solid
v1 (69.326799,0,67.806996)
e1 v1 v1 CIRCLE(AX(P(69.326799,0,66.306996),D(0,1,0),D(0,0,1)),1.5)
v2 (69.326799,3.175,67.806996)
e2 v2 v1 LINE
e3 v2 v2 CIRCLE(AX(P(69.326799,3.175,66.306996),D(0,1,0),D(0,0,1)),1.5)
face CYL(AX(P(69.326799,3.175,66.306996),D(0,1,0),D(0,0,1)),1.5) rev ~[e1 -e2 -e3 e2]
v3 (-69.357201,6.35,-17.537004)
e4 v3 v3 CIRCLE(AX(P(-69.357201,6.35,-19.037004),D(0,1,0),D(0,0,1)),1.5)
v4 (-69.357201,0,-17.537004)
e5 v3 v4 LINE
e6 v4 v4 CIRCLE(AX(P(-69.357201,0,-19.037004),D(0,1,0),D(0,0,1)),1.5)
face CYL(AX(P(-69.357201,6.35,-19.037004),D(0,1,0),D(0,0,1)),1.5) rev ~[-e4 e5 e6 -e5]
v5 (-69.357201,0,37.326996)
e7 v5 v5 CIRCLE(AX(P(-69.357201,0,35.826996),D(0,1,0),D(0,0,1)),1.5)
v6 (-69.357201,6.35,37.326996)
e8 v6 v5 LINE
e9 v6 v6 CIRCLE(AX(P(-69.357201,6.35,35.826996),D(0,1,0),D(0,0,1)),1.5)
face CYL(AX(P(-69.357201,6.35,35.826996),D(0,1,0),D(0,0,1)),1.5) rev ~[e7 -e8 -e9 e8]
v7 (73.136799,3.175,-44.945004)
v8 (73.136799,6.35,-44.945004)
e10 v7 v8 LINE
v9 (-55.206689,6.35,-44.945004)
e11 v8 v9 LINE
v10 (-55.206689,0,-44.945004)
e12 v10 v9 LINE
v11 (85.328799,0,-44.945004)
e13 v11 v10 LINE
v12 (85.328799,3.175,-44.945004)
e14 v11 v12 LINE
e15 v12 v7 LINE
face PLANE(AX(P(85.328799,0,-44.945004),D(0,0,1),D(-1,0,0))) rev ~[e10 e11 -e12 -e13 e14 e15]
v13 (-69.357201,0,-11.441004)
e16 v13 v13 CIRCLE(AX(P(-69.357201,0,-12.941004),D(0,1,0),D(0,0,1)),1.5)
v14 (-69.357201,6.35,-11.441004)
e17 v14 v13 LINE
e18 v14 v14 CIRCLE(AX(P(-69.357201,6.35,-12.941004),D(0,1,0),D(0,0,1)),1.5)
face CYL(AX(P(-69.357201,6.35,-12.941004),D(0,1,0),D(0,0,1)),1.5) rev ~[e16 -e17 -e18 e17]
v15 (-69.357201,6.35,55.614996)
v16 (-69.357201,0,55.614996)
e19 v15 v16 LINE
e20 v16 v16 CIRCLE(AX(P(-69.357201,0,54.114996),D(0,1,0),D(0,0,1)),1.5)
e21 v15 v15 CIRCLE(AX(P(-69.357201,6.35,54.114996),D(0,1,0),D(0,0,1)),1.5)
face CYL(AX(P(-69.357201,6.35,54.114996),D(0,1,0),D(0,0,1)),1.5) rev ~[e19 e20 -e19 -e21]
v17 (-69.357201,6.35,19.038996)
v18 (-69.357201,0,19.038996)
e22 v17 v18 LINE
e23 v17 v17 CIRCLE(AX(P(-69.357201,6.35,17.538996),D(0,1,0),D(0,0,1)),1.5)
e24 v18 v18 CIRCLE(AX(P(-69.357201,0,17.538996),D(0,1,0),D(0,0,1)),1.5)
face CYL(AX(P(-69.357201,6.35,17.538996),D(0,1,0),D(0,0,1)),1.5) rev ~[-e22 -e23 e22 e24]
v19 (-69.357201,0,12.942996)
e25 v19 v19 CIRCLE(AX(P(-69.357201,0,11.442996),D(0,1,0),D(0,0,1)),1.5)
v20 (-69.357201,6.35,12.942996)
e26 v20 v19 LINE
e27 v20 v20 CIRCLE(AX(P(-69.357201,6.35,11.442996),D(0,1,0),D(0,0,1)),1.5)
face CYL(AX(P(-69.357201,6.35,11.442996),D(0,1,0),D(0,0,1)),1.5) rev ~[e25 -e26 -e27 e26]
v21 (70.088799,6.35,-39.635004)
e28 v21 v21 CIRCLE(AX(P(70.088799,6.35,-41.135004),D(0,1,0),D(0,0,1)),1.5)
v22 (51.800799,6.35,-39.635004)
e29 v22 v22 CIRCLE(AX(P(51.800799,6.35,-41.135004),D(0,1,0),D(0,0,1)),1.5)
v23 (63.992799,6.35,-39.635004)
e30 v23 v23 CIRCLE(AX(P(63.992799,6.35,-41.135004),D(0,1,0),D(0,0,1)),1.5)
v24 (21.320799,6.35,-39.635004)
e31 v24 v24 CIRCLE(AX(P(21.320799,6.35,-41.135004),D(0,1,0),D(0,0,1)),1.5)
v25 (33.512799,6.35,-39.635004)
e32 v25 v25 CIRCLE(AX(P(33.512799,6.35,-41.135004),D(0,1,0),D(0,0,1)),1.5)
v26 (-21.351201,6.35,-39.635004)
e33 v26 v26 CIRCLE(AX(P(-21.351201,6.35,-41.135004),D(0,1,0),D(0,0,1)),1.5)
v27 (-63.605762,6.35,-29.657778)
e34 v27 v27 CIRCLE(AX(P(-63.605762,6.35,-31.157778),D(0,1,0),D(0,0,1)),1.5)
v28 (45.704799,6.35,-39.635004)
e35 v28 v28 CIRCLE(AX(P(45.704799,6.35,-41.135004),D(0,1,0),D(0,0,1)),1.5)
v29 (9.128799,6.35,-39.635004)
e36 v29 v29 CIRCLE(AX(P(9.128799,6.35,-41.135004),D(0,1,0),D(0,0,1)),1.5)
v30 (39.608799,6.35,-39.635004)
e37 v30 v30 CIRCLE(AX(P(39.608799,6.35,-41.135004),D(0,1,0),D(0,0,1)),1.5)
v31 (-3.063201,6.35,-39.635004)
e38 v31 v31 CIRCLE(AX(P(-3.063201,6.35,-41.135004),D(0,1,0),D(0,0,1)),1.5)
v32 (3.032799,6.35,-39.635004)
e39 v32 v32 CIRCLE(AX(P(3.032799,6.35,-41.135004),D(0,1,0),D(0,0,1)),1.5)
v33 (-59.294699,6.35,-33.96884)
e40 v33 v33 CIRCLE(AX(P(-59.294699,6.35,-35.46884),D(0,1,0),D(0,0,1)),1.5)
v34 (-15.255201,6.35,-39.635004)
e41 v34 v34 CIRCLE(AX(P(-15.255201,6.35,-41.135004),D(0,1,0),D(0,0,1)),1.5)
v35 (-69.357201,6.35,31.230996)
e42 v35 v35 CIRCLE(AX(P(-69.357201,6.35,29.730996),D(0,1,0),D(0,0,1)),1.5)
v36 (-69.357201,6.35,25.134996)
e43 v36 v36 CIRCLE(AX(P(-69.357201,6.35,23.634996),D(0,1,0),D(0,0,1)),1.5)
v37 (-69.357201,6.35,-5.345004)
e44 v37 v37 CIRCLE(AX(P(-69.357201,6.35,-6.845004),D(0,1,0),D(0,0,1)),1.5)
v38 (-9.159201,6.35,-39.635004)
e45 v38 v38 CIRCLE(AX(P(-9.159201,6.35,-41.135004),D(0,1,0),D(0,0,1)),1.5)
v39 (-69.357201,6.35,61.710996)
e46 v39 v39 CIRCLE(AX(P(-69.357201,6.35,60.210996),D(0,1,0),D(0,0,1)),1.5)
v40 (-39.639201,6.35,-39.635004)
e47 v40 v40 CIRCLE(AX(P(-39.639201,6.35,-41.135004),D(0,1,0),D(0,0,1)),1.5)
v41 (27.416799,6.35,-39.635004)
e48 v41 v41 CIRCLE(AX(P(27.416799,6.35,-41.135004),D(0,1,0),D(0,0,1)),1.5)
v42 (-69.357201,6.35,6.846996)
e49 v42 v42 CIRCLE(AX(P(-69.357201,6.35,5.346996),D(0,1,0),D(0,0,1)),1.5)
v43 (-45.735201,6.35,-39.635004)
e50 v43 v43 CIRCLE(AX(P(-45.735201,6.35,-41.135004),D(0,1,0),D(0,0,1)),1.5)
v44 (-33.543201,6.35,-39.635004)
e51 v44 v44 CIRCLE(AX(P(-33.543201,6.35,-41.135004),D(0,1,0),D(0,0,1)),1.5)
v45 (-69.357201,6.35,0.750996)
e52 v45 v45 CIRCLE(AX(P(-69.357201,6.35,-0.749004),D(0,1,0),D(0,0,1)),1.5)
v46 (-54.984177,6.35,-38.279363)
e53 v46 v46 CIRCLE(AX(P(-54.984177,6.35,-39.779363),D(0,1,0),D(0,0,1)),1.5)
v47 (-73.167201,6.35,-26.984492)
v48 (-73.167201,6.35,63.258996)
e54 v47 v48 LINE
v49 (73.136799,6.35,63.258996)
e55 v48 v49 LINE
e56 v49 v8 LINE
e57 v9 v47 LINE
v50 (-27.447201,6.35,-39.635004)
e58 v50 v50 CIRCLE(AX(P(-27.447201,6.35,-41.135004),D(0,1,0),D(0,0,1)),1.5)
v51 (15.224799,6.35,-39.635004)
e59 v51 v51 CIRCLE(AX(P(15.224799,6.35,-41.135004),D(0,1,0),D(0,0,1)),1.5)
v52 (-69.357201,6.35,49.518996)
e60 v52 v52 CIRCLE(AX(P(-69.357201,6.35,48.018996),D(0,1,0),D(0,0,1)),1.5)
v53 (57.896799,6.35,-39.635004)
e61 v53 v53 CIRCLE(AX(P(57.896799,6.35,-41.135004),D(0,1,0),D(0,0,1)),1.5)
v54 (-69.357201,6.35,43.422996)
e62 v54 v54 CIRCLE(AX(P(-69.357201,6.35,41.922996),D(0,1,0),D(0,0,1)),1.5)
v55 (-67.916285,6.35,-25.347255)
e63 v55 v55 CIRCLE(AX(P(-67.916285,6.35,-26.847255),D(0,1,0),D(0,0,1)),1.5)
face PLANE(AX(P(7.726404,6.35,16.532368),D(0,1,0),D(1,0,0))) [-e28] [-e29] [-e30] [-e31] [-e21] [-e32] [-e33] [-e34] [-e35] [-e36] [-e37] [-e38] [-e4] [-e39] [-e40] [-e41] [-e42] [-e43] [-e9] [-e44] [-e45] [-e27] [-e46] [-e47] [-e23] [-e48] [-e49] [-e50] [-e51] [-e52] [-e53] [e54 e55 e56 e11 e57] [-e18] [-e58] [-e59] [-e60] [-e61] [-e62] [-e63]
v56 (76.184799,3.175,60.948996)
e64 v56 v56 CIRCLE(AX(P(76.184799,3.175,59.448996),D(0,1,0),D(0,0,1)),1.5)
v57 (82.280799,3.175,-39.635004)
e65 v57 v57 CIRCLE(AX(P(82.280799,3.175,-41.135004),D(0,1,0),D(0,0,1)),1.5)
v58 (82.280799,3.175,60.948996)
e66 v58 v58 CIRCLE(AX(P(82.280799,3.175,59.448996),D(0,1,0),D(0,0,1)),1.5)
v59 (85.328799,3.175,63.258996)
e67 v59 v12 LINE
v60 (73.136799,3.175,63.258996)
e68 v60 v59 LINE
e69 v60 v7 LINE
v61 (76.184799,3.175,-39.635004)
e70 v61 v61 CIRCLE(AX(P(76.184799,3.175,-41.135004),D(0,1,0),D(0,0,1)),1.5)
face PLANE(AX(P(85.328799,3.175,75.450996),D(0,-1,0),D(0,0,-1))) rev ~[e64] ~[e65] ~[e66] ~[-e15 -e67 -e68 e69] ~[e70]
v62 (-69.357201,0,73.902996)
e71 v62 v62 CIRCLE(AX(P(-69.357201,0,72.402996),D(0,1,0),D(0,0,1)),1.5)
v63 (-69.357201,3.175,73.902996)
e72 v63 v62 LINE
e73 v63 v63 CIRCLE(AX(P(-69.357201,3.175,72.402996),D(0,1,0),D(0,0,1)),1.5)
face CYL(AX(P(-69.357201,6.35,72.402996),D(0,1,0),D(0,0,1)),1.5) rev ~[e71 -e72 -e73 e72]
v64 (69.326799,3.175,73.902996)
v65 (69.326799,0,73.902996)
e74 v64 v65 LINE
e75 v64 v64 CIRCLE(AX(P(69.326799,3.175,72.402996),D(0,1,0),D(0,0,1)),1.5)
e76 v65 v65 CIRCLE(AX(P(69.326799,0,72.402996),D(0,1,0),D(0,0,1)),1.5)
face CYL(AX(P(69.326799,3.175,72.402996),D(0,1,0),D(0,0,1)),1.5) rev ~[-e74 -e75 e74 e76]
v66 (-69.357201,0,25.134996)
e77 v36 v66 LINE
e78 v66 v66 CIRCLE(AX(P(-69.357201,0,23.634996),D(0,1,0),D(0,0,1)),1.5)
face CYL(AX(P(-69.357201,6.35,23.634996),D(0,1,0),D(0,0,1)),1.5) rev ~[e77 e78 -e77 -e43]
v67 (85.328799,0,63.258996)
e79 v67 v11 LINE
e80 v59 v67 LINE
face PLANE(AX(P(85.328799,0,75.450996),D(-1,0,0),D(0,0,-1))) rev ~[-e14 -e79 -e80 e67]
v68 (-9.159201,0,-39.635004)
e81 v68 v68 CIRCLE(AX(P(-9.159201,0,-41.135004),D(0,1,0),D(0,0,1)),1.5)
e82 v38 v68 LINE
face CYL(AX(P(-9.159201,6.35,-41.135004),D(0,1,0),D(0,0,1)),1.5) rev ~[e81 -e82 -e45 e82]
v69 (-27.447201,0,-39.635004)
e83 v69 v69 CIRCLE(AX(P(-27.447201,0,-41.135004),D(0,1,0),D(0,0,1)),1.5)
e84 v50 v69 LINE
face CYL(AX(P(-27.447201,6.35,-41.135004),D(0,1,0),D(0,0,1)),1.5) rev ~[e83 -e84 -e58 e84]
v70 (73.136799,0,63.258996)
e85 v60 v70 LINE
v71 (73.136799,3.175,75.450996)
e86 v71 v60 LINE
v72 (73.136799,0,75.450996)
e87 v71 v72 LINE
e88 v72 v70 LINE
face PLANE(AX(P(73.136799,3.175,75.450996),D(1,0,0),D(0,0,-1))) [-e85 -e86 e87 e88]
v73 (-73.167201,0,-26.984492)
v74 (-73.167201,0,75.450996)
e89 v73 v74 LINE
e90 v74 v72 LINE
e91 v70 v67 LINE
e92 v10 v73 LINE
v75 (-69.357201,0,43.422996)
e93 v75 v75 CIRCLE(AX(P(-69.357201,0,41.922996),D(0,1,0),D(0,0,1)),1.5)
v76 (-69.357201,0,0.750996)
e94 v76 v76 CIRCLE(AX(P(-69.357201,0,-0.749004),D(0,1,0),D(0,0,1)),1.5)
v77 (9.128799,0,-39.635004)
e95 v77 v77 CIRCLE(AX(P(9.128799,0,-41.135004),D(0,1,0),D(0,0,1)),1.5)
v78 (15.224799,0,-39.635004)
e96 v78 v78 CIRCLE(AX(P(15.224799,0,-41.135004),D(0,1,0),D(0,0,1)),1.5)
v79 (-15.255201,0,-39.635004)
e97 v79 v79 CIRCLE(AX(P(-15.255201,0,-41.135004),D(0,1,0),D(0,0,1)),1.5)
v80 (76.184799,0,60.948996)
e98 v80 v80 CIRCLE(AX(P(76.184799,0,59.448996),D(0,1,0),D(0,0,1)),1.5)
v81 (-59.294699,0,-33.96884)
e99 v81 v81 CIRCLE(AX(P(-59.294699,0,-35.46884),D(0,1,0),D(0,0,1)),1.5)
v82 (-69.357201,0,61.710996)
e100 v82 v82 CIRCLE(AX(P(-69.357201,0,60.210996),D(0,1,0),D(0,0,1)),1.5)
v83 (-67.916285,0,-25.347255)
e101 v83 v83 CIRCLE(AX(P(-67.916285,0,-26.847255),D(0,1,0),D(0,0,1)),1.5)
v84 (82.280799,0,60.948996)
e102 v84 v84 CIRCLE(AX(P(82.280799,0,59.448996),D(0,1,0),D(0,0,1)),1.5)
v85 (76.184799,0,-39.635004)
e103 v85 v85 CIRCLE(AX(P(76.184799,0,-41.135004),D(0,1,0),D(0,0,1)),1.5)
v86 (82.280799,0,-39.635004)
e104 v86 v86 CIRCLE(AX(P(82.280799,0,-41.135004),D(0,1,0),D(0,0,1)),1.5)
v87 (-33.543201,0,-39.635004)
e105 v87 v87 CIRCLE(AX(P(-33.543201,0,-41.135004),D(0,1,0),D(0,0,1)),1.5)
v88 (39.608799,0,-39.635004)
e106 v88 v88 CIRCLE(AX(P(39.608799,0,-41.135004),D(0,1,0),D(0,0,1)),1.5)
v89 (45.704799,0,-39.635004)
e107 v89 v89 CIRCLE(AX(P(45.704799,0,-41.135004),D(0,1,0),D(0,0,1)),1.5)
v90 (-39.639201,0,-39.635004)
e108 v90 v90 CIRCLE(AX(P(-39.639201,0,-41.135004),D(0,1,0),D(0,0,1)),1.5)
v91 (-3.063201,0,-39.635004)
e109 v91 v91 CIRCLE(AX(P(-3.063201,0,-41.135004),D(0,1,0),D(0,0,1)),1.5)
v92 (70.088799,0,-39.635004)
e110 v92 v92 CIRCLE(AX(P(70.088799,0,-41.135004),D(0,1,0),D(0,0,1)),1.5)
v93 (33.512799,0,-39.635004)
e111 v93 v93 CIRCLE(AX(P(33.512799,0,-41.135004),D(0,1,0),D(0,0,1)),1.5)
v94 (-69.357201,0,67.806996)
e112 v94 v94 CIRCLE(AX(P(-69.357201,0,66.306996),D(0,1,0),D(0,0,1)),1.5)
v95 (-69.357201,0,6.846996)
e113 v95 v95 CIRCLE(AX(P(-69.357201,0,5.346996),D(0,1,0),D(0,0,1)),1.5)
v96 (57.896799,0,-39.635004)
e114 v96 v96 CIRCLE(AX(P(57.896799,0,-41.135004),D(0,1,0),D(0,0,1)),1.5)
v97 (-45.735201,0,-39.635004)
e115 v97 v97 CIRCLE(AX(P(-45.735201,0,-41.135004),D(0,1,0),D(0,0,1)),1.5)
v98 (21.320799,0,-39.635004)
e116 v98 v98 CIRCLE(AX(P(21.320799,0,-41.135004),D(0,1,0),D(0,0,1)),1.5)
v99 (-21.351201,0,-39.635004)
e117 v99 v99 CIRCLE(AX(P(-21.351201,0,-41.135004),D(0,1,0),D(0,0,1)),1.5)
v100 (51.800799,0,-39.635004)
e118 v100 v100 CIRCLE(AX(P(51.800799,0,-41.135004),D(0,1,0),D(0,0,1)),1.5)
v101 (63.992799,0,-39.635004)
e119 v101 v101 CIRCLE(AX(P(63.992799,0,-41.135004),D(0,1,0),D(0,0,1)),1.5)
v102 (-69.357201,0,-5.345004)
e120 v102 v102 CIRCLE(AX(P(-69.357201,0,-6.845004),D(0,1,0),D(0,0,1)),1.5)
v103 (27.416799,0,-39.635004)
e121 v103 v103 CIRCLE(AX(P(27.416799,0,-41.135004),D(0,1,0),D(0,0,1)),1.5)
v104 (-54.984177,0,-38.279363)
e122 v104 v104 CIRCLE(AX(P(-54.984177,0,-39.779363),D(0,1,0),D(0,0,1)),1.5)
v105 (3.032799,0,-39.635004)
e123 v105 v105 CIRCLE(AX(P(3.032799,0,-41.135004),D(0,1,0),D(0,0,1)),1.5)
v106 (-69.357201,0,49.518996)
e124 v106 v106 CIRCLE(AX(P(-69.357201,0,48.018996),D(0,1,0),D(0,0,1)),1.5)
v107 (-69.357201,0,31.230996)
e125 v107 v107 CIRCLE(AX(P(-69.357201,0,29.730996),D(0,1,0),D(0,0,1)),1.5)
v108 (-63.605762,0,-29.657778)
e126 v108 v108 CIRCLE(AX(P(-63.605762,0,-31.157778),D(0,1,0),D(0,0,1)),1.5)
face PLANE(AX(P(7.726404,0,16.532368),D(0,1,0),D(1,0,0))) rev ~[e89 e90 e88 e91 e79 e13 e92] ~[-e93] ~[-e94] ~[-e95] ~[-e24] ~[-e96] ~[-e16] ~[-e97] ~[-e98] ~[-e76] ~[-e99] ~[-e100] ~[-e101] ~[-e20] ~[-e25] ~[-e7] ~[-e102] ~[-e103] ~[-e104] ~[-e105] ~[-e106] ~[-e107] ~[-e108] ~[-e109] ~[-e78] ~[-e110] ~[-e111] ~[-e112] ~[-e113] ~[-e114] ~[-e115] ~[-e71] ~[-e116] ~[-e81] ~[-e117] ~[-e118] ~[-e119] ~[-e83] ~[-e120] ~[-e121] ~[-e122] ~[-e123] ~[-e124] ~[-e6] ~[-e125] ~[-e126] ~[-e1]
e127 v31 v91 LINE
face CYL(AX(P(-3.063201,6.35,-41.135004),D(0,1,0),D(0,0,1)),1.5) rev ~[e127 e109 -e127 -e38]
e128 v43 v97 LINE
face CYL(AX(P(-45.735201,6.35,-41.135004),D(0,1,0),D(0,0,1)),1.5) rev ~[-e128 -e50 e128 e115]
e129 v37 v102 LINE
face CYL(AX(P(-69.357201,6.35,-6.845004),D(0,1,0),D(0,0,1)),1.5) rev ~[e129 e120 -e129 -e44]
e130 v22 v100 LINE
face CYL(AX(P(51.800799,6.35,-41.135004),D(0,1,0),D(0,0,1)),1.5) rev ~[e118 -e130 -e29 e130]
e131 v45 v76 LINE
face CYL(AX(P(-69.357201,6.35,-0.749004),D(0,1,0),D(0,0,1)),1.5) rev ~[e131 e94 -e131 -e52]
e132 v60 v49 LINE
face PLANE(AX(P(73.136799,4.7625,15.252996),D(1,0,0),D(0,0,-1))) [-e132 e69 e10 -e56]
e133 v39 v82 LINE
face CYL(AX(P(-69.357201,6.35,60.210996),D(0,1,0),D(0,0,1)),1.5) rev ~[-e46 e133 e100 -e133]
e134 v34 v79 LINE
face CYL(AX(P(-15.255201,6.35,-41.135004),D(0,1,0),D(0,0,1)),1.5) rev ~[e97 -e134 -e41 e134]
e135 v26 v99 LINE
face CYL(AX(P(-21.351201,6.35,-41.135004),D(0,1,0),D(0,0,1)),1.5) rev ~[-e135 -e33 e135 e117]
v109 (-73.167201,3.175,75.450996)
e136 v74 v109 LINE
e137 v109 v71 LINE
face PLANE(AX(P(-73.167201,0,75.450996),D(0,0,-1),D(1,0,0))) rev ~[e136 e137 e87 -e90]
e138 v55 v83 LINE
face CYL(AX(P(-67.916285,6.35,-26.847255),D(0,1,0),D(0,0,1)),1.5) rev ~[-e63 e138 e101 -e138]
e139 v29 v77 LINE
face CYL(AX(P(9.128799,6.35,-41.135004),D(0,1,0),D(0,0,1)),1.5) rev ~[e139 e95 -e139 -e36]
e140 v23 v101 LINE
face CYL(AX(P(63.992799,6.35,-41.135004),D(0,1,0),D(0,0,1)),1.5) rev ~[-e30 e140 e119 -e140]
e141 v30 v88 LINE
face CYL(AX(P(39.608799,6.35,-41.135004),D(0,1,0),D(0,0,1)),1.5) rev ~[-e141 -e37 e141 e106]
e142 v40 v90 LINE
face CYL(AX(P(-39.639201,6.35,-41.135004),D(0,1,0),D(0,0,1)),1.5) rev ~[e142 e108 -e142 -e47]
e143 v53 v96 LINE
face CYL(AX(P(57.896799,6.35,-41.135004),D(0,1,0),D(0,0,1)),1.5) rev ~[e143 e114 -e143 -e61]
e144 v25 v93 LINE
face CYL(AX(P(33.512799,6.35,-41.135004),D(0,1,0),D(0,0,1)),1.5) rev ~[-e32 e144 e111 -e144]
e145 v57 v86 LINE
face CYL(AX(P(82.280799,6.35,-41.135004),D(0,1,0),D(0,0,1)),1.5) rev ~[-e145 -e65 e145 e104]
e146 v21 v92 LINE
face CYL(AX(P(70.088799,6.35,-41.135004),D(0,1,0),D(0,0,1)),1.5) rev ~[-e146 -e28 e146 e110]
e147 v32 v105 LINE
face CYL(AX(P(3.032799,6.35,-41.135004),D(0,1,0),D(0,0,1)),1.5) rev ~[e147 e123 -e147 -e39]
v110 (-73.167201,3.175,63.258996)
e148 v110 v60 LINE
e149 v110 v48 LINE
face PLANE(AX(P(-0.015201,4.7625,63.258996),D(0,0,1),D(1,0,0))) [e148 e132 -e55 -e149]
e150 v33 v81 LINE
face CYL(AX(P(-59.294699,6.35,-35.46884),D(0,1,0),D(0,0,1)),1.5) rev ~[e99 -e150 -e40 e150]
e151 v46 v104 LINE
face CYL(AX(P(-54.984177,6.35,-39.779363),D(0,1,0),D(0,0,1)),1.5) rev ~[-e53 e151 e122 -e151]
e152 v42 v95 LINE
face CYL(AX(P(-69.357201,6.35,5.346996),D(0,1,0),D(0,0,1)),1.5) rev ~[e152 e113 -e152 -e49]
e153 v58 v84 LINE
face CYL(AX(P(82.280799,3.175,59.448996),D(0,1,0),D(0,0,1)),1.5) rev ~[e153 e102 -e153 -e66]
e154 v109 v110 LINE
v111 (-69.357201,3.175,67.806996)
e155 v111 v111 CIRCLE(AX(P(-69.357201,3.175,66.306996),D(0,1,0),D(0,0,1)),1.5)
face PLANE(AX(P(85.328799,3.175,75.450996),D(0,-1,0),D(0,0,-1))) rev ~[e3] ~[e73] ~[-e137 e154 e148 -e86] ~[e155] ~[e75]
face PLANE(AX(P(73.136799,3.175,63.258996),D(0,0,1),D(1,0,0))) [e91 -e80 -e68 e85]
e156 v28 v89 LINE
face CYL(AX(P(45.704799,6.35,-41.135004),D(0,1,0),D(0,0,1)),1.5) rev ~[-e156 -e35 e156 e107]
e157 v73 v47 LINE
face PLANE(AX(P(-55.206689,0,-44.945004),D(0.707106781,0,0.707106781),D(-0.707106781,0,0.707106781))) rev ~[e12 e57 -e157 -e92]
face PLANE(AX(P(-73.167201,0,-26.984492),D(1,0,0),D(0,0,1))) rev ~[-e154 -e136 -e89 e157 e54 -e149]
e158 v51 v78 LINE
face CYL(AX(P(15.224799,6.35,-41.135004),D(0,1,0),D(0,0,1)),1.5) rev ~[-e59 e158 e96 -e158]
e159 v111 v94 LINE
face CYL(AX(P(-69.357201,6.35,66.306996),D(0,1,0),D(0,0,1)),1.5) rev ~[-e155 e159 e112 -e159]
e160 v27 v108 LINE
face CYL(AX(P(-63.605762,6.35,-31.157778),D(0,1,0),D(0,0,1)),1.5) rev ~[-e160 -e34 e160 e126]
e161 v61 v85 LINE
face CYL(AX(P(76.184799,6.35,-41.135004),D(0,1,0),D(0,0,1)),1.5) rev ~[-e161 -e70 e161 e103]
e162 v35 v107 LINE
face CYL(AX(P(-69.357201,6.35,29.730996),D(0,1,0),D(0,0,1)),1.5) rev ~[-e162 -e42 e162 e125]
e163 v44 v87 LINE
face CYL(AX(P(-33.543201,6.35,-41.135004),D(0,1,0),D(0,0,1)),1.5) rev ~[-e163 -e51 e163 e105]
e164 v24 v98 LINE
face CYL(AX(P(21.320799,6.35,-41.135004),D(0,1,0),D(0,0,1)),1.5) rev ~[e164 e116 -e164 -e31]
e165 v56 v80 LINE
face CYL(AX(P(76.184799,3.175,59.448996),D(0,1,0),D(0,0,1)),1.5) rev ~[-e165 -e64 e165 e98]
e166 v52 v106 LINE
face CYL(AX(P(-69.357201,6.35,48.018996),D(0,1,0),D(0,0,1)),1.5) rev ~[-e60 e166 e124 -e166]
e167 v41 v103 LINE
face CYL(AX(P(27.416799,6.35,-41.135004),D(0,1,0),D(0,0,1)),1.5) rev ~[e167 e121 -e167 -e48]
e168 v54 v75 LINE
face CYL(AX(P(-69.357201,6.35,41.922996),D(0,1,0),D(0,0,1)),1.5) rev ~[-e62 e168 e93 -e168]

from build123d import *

# Parameters (mm, degrees)
BOSS_EXTRUDE1_DEPTH = 6.35
SKETCH3_R           = 1.5
CUT_EXTRUDE1_DEPTH  = 6.35
LPATTERN2_COUNT     = 22
LPATTERN2_PITCH     = 6.096
SKETCH4_R           = 1.5
CUT_EXTRUDE2_DEPTH  = 6.35
LPATTERN3_COUNT     = 16
LPATTERN3_PITCH     = 6.096
SKETCH6_W           = 120.396
SKETCH6_H           = 3.175
CUT_EXTRUDE3_DEPTH  = 12.192
SKETCH7_W           = 146.304
SKETCH7_H           = 3.175
CUT_EXTRUDE4_DEPTH  = 12.192
SKETCH8_W           = 12.192
SKETCH8_H           = 12.192
CUT_EXTRUDE5_DEPTH  = 6.35
SKETCH9_R           = 1.5
CUT_EXTRUDE6_DEPTH  = 6.35
SKETCH10_R          = 1.5
CUT_EXTRUDE7_DEPTH  = 6.35


with BuildPart() as part:
    # Sketch2 → Boss-Extrude1 (new body)
    with BuildSketch(Plane(origin=(0, 0, 0), x_dir=(1, 0, 0), z_dir=(0, 1, 0))):
        Polygon((-55.206688966, 44.945004491), (-73.167201208, 26.984492248), (-73.167201208, -75.450995509), (85.328798792, -75.450995509), (85.328798792, 44.945004491), align=None)
    extrude(amount=BOSS_EXTRUDE1_DEPTH)

    # Sketch3 → Cut-Extrude1 (cut)
    with BuildSketch(Plane(origin=(0, 6.35, 0), x_dir=(1, 0, 0), z_dir=(0, 1, 0))):
        with Locations(Location((82.280798792, 41.135004491, 0), (0, 0, 270))):
            Circle(SKETCH3_R)
    cut_extrude1 = extrude(amount=-CUT_EXTRUDE1_DEPTH, mode=Mode.SUBTRACT)

    # LPattern2: Cut-Extrude1 ×22
    with Locations(*[(-i * LPATTERN2_PITCH, 0, 0) for i in range(1, LPATTERN2_COUNT)]):
        add(cut_extrude1, mode=Mode.SUBTRACT)

    # Sketch4 → Cut-Extrude2 (cut)
    with BuildSketch(Plane(origin=(0, 6.35, 0), x_dir=(1, 0, 0), z_dir=(0, 1, 0))):
        with Locations(Location((-69.357201208, -72.402995509, 0), (0, 0, 270))):
            Circle(SKETCH4_R)
    cut_extrude2 = extrude(amount=-CUT_EXTRUDE2_DEPTH, mode=Mode.SUBTRACT)

    # LPattern3: Cut-Extrude2 ×16
    with Locations(*[(0, 0, -i * LPATTERN3_PITCH) for i in range(1, LPATTERN3_COUNT)]):
        add(cut_extrude2, mode=Mode.SUBTRACT)

    # Sketch6 → Cut-Extrude3 (cut)
    with BuildSketch(Plane(origin=(85.328798792, 0, 0), x_dir=(0, 0, -1), z_dir=(1, 0, 0))):
        with Locations((-15.252995509, 4.7625)):
            Rectangle(SKETCH6_W, SKETCH6_H)
    extrude(amount=-CUT_EXTRUDE3_DEPTH, mode=Mode.SUBTRACT)

    # Sketch7 → Cut-Extrude4 (cut)
    with BuildSketch(Plane.XY.offset(75.450995509)):
        with Locations((-0.015201208, 4.7625)):
            Rectangle(SKETCH7_W, SKETCH7_H)
    extrude(amount=-CUT_EXTRUDE4_DEPTH, mode=Mode.SUBTRACT)

    # Sketch8 → Cut-Extrude5 (cut)
    with BuildSketch(Plane(origin=(0, 3.175, 0), x_dir=(1, 0, 0), z_dir=(0, 1, 0))):
        with Locations((79.232798792, -69.354995509)):
            Rectangle(SKETCH8_W, SKETCH8_H)
    extrude(amount=-CUT_EXTRUDE5_DEPTH, mode=Mode.SUBTRACT)

    # Sketch9 → Cut-Extrude6 (cut)
    with BuildSketch(Plane(origin=(0, 3.175, 0), x_dir=(1, 0, 0), z_dir=(0, 1, 0))):
        with Locations(Location((69.326798792, -66.306995509, 0), (0, 0, 270))):
            Circle(SKETCH9_R)
        with Locations(Location((69.326798792, -72.402995509, 0), (0, 0, 270))):
            Circle(SKETCH9_R)
        with Locations(Location((76.184798792, -59.448995509, 0), (0, 0, 270))):
            Circle(SKETCH9_R)
        with Locations(Location((82.280798792, -59.448995509, 0), (0, 0, 270))):
            Circle(SKETCH9_R)
    extrude(amount=-CUT_EXTRUDE6_DEPTH, mode=Mode.SUBTRACT)

    # Sketch10 → Cut-Extrude7 (cut)
    with BuildSketch(Plane(origin=(0, 6.35, 0), x_dir=(1, 0, 0), z_dir=(0, 1, 0))):
        with Locations(Location((-59.294699493, 35.46884029, 0), (0, 0, 270))):
            Circle(SKETCH10_R)
        with Locations(Location((-63.605762233, 31.157777551, 0), (0, 0, 270))):
            Circle(SKETCH10_R)
        with Locations(Location((-54.984176555, 39.779363228, 0), (0, 0, 270))):
            Circle(SKETCH10_R)
        with Locations(Location((-67.916285171, 26.847254613, 0), (0, 0, 270))):
            Circle(SKETCH10_R)
    extrude(amount=-CUT_EXTRUDE7_DEPTH, mode=Mode.SUBTRACT)


solid = part.part
